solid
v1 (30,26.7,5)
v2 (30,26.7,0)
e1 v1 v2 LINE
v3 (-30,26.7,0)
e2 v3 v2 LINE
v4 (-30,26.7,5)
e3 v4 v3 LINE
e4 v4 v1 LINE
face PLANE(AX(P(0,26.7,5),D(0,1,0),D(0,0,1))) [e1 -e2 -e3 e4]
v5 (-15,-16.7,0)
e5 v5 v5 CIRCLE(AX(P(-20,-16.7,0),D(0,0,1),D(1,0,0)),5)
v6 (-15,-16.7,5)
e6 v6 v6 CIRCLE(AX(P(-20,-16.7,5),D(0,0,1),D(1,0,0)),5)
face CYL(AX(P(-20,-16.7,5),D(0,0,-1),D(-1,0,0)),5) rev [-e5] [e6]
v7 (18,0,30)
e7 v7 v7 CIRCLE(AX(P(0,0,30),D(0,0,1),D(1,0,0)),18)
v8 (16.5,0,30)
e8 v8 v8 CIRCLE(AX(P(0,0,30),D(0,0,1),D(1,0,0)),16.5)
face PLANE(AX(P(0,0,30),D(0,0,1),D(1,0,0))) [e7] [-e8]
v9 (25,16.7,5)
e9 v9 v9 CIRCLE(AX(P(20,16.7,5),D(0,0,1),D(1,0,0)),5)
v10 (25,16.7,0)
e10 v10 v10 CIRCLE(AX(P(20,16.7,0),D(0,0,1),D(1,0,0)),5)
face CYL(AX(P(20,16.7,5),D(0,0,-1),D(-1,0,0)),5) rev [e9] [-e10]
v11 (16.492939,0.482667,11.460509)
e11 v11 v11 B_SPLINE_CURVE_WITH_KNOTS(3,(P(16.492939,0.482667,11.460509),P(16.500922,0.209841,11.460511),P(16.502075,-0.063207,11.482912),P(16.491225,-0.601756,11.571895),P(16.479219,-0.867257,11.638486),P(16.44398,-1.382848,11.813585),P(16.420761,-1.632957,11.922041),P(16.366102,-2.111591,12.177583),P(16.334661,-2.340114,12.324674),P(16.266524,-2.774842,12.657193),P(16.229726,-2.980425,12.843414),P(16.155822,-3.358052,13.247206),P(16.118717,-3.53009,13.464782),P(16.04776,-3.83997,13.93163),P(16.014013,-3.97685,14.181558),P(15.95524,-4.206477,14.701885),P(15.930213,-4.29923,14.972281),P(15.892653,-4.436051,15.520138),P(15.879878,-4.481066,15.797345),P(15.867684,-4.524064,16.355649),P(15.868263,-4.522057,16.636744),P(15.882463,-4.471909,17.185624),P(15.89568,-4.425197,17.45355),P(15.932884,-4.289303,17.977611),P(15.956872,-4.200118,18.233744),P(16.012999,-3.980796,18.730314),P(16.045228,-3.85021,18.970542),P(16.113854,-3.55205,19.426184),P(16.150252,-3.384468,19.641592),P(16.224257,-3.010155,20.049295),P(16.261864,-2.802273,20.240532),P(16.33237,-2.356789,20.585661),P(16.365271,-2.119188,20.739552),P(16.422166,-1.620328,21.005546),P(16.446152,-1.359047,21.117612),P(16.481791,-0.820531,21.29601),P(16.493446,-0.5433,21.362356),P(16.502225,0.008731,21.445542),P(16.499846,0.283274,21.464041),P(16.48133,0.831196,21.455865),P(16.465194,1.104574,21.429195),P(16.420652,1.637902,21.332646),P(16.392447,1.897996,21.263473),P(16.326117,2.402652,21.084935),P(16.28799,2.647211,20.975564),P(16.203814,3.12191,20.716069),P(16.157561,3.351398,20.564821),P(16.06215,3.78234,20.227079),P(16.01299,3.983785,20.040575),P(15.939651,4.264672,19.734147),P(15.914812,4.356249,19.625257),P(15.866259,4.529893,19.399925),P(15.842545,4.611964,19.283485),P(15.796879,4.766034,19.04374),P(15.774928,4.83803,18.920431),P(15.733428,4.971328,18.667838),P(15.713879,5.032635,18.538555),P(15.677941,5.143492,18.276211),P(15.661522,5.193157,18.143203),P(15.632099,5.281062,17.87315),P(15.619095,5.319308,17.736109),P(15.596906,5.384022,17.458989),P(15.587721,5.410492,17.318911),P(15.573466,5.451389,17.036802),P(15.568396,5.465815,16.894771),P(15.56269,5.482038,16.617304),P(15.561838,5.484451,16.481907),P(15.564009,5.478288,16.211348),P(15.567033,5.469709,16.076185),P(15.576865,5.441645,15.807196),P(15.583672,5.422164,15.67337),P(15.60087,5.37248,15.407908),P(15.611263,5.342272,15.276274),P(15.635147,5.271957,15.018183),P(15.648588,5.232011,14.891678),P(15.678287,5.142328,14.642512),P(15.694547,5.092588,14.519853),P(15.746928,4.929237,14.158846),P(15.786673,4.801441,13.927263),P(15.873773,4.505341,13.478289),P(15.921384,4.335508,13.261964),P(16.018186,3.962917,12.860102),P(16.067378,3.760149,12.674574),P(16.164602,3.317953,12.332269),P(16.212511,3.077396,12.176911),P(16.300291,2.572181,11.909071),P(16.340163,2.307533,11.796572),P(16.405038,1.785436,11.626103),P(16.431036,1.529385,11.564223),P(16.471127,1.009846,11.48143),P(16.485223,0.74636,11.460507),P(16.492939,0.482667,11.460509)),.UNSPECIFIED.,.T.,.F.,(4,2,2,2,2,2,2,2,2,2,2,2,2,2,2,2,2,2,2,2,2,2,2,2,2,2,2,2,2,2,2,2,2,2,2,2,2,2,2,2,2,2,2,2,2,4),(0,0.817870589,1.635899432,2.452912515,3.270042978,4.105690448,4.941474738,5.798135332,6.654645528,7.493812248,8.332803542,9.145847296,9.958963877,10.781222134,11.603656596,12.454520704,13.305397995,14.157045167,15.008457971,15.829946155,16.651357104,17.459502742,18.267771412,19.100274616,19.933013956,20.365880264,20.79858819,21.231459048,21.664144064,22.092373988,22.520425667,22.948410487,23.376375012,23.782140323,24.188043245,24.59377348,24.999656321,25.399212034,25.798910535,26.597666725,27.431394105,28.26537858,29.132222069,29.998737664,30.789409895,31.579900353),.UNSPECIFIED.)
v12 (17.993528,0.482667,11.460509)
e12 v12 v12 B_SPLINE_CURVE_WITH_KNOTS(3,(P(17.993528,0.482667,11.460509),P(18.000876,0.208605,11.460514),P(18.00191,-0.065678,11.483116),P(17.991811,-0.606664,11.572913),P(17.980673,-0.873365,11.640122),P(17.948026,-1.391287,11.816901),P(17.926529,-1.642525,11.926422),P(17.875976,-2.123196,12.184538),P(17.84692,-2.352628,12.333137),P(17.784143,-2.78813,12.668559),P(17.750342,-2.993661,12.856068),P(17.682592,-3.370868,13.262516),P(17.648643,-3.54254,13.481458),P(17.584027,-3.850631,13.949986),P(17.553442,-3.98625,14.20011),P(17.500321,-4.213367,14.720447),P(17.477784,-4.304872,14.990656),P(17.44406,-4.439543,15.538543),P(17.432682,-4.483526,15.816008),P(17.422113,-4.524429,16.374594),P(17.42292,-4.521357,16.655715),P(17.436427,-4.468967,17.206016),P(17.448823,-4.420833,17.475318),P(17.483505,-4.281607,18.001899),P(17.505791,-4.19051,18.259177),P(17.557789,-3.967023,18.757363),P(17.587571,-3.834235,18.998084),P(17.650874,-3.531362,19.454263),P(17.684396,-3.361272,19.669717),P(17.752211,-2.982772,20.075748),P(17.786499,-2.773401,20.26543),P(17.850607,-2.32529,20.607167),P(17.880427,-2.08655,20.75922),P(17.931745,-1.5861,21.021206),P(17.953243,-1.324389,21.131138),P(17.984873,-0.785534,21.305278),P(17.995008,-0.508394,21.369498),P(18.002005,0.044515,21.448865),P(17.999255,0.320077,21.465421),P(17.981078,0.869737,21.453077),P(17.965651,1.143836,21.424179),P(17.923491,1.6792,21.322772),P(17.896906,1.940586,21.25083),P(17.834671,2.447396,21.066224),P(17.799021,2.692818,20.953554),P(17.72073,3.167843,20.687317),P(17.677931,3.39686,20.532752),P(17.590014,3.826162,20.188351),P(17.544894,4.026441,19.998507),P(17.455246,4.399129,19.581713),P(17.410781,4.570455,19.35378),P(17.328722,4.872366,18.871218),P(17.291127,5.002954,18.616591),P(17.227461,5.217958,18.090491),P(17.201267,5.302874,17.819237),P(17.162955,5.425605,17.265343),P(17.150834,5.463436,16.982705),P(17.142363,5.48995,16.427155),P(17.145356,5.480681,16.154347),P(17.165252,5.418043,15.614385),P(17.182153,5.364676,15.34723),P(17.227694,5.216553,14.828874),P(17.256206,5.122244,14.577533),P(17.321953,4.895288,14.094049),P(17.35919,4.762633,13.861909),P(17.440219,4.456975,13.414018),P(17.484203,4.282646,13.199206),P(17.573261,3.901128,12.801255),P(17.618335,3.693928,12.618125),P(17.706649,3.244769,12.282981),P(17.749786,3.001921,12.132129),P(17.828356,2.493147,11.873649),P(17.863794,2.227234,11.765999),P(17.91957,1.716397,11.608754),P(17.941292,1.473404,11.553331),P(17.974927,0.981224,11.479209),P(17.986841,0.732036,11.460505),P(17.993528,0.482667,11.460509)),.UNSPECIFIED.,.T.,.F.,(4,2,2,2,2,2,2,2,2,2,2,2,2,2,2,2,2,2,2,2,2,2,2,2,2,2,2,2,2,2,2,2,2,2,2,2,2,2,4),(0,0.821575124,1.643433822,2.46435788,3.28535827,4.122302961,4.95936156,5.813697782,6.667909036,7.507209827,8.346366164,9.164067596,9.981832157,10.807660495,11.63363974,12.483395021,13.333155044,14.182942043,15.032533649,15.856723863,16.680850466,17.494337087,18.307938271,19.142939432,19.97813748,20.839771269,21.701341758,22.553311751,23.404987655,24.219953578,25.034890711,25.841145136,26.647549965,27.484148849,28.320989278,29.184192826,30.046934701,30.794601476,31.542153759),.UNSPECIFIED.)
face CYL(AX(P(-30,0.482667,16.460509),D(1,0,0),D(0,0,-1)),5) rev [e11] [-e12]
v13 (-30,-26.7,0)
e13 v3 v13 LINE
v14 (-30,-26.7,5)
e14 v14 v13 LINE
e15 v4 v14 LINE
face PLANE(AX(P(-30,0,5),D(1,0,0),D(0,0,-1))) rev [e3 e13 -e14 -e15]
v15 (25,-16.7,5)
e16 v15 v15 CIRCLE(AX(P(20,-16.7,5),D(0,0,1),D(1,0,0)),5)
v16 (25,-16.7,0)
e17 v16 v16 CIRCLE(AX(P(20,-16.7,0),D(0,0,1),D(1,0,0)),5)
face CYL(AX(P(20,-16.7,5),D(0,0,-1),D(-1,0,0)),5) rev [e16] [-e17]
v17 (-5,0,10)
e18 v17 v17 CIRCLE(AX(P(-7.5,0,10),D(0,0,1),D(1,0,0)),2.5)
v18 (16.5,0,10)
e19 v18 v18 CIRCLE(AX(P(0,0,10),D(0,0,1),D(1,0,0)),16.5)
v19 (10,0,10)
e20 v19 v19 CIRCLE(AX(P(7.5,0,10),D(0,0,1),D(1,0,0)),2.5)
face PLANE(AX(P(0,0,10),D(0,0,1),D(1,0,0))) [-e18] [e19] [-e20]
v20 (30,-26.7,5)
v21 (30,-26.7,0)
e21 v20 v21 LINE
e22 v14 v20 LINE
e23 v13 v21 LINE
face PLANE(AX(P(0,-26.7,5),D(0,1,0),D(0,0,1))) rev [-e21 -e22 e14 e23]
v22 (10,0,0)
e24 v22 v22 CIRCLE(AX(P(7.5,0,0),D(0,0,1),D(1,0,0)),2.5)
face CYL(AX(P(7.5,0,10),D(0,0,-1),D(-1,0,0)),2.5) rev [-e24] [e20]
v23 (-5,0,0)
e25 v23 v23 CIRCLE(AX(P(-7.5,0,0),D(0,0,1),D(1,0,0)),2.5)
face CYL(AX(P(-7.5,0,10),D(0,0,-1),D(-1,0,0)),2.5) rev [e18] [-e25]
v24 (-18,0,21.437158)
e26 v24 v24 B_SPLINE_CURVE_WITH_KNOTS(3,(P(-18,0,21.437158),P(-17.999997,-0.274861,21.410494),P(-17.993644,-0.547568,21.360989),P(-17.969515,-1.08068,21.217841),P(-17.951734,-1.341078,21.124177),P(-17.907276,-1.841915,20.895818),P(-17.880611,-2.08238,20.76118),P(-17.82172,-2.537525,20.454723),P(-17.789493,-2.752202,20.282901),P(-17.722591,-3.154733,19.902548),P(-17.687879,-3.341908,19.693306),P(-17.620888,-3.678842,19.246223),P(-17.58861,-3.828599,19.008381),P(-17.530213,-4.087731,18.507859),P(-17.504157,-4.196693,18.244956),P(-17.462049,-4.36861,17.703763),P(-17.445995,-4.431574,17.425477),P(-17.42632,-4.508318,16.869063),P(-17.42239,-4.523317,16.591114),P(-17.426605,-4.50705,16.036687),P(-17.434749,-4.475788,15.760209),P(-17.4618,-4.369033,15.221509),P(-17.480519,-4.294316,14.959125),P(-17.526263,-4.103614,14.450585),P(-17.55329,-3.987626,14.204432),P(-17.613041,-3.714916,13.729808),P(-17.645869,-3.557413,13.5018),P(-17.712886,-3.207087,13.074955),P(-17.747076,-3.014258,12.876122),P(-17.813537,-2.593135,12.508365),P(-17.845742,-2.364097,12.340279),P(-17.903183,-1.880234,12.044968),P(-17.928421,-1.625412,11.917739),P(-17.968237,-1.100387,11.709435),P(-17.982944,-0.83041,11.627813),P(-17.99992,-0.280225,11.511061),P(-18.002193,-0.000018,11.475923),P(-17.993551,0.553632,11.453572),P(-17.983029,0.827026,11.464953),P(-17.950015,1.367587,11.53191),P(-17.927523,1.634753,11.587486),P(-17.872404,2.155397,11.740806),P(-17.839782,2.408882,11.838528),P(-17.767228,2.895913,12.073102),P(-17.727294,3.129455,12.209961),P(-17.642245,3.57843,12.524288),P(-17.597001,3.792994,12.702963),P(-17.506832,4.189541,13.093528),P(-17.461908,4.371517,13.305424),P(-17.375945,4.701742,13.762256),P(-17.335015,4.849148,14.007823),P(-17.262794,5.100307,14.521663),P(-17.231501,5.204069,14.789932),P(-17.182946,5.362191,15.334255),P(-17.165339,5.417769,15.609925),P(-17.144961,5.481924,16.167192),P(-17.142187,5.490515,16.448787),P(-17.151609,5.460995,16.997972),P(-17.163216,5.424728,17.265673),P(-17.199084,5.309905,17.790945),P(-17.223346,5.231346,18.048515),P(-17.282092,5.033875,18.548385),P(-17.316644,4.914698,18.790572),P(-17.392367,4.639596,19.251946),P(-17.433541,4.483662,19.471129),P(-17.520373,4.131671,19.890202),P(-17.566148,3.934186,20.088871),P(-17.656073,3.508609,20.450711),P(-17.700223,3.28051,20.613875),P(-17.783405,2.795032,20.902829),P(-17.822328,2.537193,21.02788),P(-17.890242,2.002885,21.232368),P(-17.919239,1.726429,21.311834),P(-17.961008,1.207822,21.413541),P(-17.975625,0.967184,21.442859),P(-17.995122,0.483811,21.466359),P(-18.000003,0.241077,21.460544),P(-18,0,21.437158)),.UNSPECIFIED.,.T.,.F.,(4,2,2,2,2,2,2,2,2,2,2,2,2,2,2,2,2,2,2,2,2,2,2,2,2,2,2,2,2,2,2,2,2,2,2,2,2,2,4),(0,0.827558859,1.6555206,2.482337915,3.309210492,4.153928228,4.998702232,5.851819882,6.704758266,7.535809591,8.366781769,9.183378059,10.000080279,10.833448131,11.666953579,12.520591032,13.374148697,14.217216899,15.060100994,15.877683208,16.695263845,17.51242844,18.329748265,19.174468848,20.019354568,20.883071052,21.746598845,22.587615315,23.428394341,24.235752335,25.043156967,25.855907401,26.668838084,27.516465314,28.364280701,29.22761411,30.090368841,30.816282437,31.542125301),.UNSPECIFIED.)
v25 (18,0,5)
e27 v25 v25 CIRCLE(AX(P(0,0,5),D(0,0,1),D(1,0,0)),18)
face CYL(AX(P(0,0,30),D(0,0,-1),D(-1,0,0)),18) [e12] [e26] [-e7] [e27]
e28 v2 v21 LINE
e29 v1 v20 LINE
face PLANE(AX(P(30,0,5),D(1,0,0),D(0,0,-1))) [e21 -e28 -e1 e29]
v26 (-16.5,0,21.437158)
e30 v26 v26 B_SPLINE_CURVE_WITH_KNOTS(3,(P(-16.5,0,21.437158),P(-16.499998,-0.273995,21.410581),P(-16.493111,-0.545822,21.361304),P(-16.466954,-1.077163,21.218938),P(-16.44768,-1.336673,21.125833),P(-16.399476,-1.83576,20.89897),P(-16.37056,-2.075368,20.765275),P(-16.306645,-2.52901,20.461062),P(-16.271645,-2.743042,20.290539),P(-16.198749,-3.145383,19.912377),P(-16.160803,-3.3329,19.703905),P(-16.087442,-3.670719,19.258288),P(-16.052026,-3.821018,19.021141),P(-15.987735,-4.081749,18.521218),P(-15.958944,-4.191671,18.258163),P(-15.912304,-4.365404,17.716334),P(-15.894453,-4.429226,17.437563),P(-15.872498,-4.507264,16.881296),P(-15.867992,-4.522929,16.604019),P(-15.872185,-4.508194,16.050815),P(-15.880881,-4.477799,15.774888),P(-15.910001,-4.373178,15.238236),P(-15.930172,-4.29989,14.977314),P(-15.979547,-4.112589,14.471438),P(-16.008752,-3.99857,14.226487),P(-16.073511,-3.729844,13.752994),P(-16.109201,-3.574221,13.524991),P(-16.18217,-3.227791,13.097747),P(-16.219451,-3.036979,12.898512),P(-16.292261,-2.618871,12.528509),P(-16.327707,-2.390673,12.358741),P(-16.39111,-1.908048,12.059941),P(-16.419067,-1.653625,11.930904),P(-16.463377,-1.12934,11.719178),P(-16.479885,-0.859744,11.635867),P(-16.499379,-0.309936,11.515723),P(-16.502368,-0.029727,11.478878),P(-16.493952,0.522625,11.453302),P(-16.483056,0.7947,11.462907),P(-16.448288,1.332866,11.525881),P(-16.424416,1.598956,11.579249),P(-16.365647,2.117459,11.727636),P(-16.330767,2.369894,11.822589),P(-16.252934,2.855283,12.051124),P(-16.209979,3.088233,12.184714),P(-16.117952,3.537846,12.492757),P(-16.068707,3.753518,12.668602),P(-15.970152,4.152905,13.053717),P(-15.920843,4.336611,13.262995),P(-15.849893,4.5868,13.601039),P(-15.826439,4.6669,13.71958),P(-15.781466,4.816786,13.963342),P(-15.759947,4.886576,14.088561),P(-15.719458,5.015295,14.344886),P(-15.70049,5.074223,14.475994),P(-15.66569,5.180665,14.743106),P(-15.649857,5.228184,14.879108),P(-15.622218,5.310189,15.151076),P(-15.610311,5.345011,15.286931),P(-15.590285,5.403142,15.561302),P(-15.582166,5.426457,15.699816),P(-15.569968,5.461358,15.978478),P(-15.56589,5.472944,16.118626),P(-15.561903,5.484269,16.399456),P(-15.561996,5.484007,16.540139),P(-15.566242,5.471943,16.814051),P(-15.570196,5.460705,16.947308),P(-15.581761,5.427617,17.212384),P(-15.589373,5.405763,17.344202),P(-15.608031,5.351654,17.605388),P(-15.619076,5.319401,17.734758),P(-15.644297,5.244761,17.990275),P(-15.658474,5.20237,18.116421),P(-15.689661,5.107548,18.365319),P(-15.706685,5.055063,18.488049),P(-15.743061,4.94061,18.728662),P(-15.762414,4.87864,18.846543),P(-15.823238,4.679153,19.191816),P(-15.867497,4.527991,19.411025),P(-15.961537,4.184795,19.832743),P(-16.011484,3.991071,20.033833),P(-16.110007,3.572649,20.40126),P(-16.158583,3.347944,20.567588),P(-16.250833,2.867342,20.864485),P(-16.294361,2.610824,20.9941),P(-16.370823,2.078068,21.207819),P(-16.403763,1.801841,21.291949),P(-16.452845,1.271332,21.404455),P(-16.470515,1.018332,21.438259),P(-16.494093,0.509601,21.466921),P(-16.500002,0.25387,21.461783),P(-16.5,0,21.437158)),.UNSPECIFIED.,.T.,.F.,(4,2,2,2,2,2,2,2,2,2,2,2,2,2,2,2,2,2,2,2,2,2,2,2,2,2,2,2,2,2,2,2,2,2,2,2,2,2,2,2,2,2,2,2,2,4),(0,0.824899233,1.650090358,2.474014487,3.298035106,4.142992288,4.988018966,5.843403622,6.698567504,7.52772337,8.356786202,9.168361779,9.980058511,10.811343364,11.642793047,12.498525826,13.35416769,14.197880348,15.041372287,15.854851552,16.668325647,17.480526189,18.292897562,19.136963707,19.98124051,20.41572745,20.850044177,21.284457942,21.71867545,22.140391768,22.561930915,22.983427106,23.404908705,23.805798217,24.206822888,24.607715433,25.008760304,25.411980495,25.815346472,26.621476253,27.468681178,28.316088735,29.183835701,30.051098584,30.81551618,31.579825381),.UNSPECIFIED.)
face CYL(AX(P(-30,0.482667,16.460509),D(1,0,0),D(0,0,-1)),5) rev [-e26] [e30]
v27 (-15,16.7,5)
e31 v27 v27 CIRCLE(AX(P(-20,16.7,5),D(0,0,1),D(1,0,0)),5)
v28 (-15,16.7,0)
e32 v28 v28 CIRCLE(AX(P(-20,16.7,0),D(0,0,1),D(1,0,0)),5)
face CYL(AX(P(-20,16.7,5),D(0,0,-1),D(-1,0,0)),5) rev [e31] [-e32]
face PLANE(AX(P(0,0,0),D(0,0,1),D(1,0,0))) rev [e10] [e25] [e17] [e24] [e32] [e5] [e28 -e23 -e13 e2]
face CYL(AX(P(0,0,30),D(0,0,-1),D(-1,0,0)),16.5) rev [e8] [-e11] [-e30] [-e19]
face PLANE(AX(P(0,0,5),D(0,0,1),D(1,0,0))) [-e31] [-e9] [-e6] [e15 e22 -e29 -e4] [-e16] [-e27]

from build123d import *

# Parameters (mm, degrees)
SKETCH1_W               = 60
SKETCH1_H               = 53.4
SKETCH1_R               = 5
SKETCH1_R_2             = 18
BOSS_EXTRUDE1_DEPTH     = 5
SKETCH1_3_R             = 18
SKETCH1_3_R_2           = 16.5
BOSS_EXTRUDE2_DEPTH     = 30
SKETCH1_4_R             = 16.5
SKETCH1_4_R_2           = 2.5
BOSS_EXTRUDE3_DEPTH     = 10
CUT_EXTRUDE1_DEPTH      = 51.128734275
CUT_EXTRUDE1_DEPTH_BACK = 51.128734275
SKETCH2_R               = 5


with BuildPart() as part:
    # Sketch1 → Boss-Extrude1 (new body)
    with BuildSketch(Plane.XY):
        Rectangle(SKETCH1_W, SKETCH1_H)
        with Locations((-20, -16.7)):
            Circle(SKETCH1_R, mode=Mode.SUBTRACT)
        with Locations((20, -16.7)):
            Circle(SKETCH1_R, mode=Mode.SUBTRACT)
        with Locations((20, 16.7)):
            Circle(SKETCH1_R, mode=Mode.SUBTRACT)
        with Locations((-20, 16.7)):
            Circle(SKETCH1_R, mode=Mode.SUBTRACT)
        Circle(SKETCH1_R_2, mode=Mode.SUBTRACT)
    extrude(amount=BOSS_EXTRUDE1_DEPTH)

    # Sketch1<3> → Boss-Extrude2 (add)
    with BuildSketch(Plane.XY):
        Circle(SKETCH1_3_R)
        Circle(SKETCH1_3_R_2, mode=Mode.SUBTRACT)
    extrude(amount=BOSS_EXTRUDE2_DEPTH)

    # Sketch1<4> → Boss-Extrude3 (add)
    with BuildSketch(Plane.XY):
        Circle(SKETCH1_4_R)
        with Locations((7.5, 0)):
            Circle(SKETCH1_4_R_2, mode=Mode.SUBTRACT)
        with Locations((-7.5, 0)):
            Circle(SKETCH1_4_R_2, mode=Mode.SUBTRACT)
    extrude(amount=BOSS_EXTRUDE3_DEPTH)

    # Sketch2 → Cut-Extrude1 (cut, two sides: drawn at the far end of the back side and taken through both)
    with BuildSketch(Plane(origin=(0, 0, 0), x_dir=(0, 0, -1), z_dir=(1, 0, 0)).offset(-CUT_EXTRUDE1_DEPTH_BACK)):
        with Locations((-16.460509222, 0.48266687)):
            Circle(SKETCH2_R)
    extrude(amount=CUT_EXTRUDE1_DEPTH + CUT_EXTRUDE1_DEPTH_BACK, mode=Mode.SUBTRACT)


solid = part.part
